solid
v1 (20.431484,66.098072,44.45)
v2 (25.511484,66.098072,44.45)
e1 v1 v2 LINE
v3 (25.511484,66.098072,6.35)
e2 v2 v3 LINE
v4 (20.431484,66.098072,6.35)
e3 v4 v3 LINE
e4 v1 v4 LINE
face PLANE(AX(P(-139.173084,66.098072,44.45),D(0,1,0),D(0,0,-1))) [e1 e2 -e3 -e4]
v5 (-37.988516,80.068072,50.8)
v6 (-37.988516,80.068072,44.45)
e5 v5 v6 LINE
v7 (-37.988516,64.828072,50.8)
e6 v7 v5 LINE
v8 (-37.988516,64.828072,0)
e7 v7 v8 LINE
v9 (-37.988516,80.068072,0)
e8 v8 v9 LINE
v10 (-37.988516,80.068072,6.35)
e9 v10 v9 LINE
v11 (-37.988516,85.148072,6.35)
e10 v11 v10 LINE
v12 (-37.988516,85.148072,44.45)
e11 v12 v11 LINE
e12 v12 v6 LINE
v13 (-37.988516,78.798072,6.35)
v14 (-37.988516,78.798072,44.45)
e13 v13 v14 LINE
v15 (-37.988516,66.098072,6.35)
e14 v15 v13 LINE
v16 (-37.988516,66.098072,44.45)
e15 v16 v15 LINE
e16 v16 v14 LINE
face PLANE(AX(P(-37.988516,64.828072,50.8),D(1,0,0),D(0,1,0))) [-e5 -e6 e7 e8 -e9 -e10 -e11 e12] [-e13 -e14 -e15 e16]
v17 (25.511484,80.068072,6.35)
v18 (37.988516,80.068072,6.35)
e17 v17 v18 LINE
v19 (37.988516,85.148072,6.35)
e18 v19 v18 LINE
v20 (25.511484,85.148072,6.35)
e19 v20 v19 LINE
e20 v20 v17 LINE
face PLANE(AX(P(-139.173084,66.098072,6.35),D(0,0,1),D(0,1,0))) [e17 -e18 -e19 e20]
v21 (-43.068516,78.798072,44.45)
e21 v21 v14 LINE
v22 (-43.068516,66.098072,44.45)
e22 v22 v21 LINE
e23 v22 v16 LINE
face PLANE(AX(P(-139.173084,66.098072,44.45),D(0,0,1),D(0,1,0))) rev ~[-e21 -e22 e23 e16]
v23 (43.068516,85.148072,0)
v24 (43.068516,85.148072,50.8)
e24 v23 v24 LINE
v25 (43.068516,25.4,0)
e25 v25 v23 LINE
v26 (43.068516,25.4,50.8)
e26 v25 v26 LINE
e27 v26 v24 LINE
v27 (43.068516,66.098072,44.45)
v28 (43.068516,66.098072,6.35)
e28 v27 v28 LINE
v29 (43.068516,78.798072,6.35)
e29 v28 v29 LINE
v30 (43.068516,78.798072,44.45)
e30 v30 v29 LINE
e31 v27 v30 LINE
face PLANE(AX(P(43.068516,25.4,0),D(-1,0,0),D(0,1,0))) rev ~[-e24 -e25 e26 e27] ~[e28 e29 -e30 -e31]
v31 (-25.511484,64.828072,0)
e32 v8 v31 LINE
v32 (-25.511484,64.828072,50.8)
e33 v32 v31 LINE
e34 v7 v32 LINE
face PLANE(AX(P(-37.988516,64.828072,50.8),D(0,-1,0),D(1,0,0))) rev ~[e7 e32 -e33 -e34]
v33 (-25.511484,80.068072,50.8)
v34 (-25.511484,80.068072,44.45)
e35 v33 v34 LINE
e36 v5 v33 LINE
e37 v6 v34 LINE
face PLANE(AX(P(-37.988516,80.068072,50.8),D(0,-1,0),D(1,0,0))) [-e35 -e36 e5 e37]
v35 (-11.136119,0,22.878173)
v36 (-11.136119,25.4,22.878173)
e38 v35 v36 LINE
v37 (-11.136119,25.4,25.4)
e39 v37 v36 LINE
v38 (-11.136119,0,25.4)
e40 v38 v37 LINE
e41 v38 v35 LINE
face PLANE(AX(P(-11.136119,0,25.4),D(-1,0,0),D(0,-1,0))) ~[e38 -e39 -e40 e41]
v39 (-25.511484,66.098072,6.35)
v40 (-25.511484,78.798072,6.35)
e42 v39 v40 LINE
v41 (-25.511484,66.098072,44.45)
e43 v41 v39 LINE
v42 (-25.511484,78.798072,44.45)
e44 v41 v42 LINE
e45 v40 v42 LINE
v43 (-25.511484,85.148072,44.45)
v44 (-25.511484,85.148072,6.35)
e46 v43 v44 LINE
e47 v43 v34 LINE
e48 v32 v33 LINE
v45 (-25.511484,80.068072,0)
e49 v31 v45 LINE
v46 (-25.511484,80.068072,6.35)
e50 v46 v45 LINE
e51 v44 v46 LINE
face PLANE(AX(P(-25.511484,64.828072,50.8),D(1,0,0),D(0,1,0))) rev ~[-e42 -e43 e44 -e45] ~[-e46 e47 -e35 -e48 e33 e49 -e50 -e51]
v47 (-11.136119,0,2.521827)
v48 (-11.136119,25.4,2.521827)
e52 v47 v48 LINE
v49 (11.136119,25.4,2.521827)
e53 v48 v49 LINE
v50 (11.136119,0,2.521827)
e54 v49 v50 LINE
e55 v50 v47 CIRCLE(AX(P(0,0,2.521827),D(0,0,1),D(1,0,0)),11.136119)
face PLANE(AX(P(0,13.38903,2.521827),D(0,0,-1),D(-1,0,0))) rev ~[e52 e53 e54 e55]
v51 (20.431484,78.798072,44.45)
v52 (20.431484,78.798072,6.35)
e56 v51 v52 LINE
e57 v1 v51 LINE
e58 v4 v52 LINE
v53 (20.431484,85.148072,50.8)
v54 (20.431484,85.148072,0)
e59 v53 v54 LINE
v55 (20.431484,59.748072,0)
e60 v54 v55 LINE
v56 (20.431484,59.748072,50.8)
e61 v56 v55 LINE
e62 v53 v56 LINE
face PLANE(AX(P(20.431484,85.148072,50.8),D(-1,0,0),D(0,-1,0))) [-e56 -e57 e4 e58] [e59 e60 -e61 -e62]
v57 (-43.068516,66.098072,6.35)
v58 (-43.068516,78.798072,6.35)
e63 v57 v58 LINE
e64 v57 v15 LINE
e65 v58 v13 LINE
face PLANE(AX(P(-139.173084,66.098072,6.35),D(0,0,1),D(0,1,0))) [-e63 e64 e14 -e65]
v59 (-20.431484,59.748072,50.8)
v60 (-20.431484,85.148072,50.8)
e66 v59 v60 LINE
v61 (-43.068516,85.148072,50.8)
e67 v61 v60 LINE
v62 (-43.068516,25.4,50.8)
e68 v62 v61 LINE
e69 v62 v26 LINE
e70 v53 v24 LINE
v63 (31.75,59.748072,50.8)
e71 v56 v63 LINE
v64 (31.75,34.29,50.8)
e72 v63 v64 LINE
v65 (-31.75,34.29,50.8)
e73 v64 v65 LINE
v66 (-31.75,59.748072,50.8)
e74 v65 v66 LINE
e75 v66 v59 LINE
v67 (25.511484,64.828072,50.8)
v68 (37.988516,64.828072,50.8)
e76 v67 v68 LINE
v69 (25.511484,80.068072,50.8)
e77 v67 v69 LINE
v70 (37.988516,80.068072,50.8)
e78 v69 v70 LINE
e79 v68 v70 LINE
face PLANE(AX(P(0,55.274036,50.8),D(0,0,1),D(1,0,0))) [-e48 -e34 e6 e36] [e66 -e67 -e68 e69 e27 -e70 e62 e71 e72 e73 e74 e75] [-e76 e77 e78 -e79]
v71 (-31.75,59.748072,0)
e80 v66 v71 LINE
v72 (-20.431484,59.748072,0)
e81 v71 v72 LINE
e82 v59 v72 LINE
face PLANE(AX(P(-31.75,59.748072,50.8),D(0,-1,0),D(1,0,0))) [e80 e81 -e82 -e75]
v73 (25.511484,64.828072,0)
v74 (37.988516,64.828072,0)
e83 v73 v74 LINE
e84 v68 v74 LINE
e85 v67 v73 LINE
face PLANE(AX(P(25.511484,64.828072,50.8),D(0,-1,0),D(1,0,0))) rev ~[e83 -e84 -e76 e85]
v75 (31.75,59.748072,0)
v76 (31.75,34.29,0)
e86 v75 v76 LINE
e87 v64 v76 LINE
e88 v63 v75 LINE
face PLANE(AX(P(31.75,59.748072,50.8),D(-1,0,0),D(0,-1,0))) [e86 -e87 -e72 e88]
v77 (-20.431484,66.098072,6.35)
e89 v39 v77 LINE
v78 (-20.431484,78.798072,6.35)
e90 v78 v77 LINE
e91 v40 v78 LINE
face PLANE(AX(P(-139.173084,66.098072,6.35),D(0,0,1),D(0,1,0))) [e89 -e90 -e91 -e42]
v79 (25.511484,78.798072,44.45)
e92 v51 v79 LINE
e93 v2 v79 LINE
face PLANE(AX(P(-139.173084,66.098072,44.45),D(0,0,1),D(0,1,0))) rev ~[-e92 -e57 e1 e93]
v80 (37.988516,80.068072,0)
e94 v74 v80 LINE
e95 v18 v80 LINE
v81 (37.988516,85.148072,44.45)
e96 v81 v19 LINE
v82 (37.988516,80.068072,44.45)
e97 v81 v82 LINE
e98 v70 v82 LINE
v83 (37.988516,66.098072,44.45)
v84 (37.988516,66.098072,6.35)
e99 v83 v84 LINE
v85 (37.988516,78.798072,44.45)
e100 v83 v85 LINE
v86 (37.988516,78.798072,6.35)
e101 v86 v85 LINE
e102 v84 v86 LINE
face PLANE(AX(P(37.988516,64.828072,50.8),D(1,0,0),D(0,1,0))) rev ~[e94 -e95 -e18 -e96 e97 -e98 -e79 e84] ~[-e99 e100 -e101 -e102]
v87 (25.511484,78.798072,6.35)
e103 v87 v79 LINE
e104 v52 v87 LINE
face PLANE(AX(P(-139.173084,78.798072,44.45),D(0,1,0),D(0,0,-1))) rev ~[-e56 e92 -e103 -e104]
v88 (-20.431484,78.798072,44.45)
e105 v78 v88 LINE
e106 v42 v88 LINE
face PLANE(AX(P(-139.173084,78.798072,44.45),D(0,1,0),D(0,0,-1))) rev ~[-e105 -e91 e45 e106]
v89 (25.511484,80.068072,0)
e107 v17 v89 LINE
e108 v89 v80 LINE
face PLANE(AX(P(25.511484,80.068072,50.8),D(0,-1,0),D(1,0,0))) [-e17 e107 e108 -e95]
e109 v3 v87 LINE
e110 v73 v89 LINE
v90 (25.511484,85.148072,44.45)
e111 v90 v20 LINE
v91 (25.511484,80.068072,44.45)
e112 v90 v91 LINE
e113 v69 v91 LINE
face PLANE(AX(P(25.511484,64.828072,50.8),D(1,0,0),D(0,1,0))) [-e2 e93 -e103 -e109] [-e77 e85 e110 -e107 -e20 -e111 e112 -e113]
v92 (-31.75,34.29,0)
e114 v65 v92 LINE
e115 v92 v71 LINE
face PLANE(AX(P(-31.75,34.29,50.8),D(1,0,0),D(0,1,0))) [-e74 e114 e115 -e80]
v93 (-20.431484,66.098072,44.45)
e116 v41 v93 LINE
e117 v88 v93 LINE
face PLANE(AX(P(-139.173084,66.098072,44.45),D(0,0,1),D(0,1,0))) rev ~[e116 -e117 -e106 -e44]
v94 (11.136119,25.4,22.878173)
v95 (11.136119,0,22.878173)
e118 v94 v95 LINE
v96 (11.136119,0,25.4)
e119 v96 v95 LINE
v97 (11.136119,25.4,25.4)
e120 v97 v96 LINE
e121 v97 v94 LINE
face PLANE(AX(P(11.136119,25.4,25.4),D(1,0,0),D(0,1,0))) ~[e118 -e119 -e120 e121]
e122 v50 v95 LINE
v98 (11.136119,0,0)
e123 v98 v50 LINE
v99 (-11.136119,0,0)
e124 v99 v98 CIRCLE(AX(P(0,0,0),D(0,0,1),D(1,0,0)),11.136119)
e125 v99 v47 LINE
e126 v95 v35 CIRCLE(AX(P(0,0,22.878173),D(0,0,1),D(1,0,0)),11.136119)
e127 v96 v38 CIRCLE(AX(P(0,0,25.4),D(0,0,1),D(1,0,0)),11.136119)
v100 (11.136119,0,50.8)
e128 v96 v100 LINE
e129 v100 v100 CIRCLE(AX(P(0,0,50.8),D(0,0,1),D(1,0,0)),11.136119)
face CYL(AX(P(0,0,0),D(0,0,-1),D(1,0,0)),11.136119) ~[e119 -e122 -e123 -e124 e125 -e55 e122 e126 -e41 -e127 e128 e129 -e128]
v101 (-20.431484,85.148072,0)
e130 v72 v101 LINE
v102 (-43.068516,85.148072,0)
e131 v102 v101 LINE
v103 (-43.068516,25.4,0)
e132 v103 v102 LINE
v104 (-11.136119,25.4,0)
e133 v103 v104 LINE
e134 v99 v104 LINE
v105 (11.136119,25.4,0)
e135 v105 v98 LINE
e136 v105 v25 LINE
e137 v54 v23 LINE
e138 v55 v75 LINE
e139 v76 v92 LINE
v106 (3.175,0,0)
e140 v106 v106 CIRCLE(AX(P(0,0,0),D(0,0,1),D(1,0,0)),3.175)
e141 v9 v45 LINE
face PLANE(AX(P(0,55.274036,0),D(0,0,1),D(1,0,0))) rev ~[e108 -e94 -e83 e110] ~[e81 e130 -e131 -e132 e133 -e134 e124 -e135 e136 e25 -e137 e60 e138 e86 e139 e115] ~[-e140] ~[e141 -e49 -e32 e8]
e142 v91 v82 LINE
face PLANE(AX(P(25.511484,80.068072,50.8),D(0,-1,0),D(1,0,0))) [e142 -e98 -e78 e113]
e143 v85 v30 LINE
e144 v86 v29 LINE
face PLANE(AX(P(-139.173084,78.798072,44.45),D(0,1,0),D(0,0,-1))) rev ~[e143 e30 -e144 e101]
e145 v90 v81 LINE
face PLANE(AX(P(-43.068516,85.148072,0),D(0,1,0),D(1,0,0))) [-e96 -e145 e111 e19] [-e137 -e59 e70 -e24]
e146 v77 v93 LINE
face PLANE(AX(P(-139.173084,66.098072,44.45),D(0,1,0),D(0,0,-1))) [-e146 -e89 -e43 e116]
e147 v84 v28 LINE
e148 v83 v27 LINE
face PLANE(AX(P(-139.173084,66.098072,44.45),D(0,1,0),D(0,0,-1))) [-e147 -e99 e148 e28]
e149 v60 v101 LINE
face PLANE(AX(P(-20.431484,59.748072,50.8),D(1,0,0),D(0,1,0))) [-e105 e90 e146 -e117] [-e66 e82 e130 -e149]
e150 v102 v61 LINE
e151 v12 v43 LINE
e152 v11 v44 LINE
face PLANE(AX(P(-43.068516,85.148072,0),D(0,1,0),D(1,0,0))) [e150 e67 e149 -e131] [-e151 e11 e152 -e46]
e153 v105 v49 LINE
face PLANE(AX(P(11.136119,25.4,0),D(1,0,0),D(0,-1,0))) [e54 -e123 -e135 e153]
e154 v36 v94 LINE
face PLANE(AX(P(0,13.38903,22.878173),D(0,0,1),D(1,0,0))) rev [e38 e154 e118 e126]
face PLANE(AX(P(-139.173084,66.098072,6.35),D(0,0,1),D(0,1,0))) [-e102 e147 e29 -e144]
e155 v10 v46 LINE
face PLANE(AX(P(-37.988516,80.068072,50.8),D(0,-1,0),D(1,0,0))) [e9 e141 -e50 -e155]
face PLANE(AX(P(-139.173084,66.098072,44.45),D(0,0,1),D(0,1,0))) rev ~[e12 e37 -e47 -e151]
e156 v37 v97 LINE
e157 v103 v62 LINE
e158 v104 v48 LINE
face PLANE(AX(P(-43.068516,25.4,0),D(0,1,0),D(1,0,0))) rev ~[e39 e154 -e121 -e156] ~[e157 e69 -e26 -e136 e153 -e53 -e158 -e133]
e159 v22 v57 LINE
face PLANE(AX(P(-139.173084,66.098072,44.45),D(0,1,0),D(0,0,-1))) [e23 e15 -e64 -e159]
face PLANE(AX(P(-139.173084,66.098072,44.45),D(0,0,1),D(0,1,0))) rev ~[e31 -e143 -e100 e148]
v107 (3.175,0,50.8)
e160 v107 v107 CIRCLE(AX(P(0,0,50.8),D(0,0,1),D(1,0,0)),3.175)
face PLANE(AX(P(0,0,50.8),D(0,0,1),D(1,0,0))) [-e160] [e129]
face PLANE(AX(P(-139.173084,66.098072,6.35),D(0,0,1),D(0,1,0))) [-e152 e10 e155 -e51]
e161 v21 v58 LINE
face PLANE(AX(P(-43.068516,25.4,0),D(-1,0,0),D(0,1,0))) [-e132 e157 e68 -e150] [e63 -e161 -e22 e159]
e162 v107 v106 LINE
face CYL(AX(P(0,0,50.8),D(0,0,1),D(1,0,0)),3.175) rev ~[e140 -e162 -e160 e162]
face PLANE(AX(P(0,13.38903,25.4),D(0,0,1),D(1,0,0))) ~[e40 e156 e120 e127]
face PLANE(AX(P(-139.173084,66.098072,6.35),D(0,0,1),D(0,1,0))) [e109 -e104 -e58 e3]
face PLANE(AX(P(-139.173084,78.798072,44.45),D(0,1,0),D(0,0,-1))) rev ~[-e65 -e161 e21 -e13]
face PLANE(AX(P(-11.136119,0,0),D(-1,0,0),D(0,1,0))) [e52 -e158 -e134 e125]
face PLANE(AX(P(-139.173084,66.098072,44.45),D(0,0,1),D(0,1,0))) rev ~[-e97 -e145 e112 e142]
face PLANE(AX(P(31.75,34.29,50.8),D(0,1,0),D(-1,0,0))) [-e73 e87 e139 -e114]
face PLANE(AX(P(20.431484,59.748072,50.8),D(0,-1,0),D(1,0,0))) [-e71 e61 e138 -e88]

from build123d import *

# Parameters (mm, degrees)
BOSS_EXTRUDE1_DEPTH            = 2.521826736
SKETCH2_R                      = 11.136118556
BOSS_EXTRUDE2_DEPTH            = 50.8
SKETCH3_W                      = 86.137031446
SKETCH3_H                      = 59.748072355
BOSS_EXTRUDE3_DEPTH            = 50.8
CUT_EXTRUDE1_DEPTH             = 109.100560925
CUT_EXTRUDE2_REACH             = 110.101
SKETCH6_R                      = 3.175
CUT_EXTRUDE3_DEPTH             = 118.741599385
CUT_EXTRUDE3_DEPTH_BACK        = 118.741599385
SKETCH8_W                      = 38.1
SKETCH8_H                      = 12.7
CUT_EXTRUDE4_REACH             = 119.073
SKETCH9_W                      = 12.477031446
SKETCH9_H                      = 38.1
CUT_EXTRUDE4_DIRECTION_2_DEPTH = 118.073406314
SKETCH10_W                     = 12.477031446
SKETCH10_H                     = 15.24
CUT_EXTRUDE5_DEPTH             = 109.100560925


with BuildPart() as part:
    # Sketch1 → Boss-Extrude1 (new body)
    with BuildSketch(Plane.XY):
        with BuildLine():
            Line((-11.136118556, 0), (-11.136118556, 25.4))
            Line((-11.136118556, 25.4), (11.136118556, 25.4))
            Line((11.136118556, 25.4), (11.136118556, 0))
            ThreePointArc((11.136118556, 0), (0, 11.136118556), (-11.136118556, 0))
        make_face()
    boss_extrude1 = extrude(amount=BOSS_EXTRUDE1_DEPTH)

    # Sketch2 → Boss-Extrude2 (add)
    with BuildSketch(Plane.XY):
        Circle(SKETCH2_R)
    extrude(amount=BOSS_EXTRUDE2_DEPTH)

    # Sketch3 → Boss-Extrude3 (add)
    with BuildSketch(Plane.XY):
        with Locations((0, 55.274036178)):
            Rectangle(SKETCH3_W, SKETCH3_H)
    extrude(amount=BOSS_EXTRUDE3_DEPTH)

    # Sketch4 → Cut-Extrude1 (cut, through all)
    with BuildSketch(Plane.XY.offset(50.8)):
        Polygon((20.431484277, 85.148072355), (20.431484277, 59.748072355), (31.75, 59.748072355), (31.75, 34.29), (-31.75, 34.29), (-31.75, 59.748072355), (-20.431484277, 59.748072355), (-20.431484277, 85.148072355), align=None)
    extrude(amount=-CUT_EXTRUDE1_DEPTH, mode=Mode.SUBTRACT)

    # Mirror1: Boss-Extrude1 across plane
    add(boss_extrude1.mirror(Plane(origin=(0, 0, 12.7), x_dir=(1, 0, 0), z_dir=(0, 0, -1))))

    # Sketch6 → Cut-Extrude2 (cut, up to next)
    with BuildSketch(Plane.XY.offset(50.8), mode=Mode.PRIVATE) as cut_extrude2_sk1:
        Circle(SKETCH6_R)
    cut_extrude2_tool1 = extrude(cut_extrude2_sk1.sketch, amount=-CUT_EXTRUDE2_REACH, mode=Mode.PRIVATE) & part.part
    add(cut_extrude2_tool1.solids().sort_by_distance((0, 0, 50.8))[0], mode=Mode.SUBTRACT)

    # Sketch8 → Cut-Extrude3 (cut, two sides: drawn at the far end of the back side and taken through both)
    with BuildSketch(Plane(origin=(-20.431484277, 0, 0), x_dir=(0, 0, -1), z_dir=(1, 0, 0)).offset(-CUT_EXTRUDE3_DEPTH_BACK)):
        with Locations((-25.4, 72.448072355)):
            Rectangle(SKETCH8_W, SKETCH8_H)
    extrude(amount=CUT_EXTRUDE3_DEPTH + CUT_EXTRUDE3_DEPTH_BACK, mode=Mode.SUBTRACT)

    # Sketch9 → Cut-Extrude4 (cut, up to next)
    with BuildSketch(Plane(origin=(0, 85.148072355, 0), x_dir=(1, 0, 0), z_dir=(0, 1, 0)), mode=Mode.PRIVATE) as cut_extrude4_sk1:
        with Locations((-31.75, -25.4)):
            Rectangle(SKETCH9_W, SKETCH9_H)
    cut_extrude4_tool1 = extrude(cut_extrude4_sk1.sketch, amount=-CUT_EXTRUDE4_REACH, mode=Mode.PRIVATE) & part.part
    # Sketch9 → Cut-Extrude4 (cut, up to next)
    with BuildSketch(Plane(origin=(0, 85.148072355, 0), x_dir=(1, 0, 0), z_dir=(0, 1, 0)), mode=Mode.PRIVATE) as cut_extrude4_sk2:
        with Locations((31.75, -25.4)):
            Rectangle(SKETCH9_W, SKETCH9_H)
    cut_extrude4_tool2 = extrude(cut_extrude4_sk2.sketch, amount=-CUT_EXTRUDE4_REACH, mode=Mode.PRIVATE) & part.part
    add(cut_extrude4_tool1.solids().sort_by_distance((-31.75, 85.148072, 25.4))[0], mode=Mode.SUBTRACT)
    add(cut_extrude4_tool2.solids().sort_by_distance((31.75, 85.148072, 25.4))[0], mode=Mode.SUBTRACT)

    # Sketch9 → Cut-Extrude4 direction 2 (cut)
    with BuildSketch(Plane(origin=(0, 85.148072355, 0), x_dir=(1, 0, 0), z_dir=(0, 1, 0))):
        with Locations((-31.75, -25.4)):
            Rectangle(SKETCH9_W, SKETCH9_H)
        with Locations((31.75, -25.4)):
            Rectangle(SKETCH9_W, SKETCH9_H)
    extrude(amount=CUT_EXTRUDE4_DIRECTION_2_DEPTH, mode=Mode.SUBTRACT)

    # Sketch10 → Cut-Extrude5 (cut, through all)
    with BuildSketch(Plane.XY.offset(50.8)):
        with Locations((-31.75, 72.448072355)):
            Rectangle(SKETCH10_W, SKETCH10_H)
        with Locations((31.75, 72.448072355)):
            Rectangle(SKETCH10_W, SKETCH10_H)
    extrude(amount=-CUT_EXTRUDE5_DEPTH, mode=Mode.SUBTRACT)


solid = part.part
